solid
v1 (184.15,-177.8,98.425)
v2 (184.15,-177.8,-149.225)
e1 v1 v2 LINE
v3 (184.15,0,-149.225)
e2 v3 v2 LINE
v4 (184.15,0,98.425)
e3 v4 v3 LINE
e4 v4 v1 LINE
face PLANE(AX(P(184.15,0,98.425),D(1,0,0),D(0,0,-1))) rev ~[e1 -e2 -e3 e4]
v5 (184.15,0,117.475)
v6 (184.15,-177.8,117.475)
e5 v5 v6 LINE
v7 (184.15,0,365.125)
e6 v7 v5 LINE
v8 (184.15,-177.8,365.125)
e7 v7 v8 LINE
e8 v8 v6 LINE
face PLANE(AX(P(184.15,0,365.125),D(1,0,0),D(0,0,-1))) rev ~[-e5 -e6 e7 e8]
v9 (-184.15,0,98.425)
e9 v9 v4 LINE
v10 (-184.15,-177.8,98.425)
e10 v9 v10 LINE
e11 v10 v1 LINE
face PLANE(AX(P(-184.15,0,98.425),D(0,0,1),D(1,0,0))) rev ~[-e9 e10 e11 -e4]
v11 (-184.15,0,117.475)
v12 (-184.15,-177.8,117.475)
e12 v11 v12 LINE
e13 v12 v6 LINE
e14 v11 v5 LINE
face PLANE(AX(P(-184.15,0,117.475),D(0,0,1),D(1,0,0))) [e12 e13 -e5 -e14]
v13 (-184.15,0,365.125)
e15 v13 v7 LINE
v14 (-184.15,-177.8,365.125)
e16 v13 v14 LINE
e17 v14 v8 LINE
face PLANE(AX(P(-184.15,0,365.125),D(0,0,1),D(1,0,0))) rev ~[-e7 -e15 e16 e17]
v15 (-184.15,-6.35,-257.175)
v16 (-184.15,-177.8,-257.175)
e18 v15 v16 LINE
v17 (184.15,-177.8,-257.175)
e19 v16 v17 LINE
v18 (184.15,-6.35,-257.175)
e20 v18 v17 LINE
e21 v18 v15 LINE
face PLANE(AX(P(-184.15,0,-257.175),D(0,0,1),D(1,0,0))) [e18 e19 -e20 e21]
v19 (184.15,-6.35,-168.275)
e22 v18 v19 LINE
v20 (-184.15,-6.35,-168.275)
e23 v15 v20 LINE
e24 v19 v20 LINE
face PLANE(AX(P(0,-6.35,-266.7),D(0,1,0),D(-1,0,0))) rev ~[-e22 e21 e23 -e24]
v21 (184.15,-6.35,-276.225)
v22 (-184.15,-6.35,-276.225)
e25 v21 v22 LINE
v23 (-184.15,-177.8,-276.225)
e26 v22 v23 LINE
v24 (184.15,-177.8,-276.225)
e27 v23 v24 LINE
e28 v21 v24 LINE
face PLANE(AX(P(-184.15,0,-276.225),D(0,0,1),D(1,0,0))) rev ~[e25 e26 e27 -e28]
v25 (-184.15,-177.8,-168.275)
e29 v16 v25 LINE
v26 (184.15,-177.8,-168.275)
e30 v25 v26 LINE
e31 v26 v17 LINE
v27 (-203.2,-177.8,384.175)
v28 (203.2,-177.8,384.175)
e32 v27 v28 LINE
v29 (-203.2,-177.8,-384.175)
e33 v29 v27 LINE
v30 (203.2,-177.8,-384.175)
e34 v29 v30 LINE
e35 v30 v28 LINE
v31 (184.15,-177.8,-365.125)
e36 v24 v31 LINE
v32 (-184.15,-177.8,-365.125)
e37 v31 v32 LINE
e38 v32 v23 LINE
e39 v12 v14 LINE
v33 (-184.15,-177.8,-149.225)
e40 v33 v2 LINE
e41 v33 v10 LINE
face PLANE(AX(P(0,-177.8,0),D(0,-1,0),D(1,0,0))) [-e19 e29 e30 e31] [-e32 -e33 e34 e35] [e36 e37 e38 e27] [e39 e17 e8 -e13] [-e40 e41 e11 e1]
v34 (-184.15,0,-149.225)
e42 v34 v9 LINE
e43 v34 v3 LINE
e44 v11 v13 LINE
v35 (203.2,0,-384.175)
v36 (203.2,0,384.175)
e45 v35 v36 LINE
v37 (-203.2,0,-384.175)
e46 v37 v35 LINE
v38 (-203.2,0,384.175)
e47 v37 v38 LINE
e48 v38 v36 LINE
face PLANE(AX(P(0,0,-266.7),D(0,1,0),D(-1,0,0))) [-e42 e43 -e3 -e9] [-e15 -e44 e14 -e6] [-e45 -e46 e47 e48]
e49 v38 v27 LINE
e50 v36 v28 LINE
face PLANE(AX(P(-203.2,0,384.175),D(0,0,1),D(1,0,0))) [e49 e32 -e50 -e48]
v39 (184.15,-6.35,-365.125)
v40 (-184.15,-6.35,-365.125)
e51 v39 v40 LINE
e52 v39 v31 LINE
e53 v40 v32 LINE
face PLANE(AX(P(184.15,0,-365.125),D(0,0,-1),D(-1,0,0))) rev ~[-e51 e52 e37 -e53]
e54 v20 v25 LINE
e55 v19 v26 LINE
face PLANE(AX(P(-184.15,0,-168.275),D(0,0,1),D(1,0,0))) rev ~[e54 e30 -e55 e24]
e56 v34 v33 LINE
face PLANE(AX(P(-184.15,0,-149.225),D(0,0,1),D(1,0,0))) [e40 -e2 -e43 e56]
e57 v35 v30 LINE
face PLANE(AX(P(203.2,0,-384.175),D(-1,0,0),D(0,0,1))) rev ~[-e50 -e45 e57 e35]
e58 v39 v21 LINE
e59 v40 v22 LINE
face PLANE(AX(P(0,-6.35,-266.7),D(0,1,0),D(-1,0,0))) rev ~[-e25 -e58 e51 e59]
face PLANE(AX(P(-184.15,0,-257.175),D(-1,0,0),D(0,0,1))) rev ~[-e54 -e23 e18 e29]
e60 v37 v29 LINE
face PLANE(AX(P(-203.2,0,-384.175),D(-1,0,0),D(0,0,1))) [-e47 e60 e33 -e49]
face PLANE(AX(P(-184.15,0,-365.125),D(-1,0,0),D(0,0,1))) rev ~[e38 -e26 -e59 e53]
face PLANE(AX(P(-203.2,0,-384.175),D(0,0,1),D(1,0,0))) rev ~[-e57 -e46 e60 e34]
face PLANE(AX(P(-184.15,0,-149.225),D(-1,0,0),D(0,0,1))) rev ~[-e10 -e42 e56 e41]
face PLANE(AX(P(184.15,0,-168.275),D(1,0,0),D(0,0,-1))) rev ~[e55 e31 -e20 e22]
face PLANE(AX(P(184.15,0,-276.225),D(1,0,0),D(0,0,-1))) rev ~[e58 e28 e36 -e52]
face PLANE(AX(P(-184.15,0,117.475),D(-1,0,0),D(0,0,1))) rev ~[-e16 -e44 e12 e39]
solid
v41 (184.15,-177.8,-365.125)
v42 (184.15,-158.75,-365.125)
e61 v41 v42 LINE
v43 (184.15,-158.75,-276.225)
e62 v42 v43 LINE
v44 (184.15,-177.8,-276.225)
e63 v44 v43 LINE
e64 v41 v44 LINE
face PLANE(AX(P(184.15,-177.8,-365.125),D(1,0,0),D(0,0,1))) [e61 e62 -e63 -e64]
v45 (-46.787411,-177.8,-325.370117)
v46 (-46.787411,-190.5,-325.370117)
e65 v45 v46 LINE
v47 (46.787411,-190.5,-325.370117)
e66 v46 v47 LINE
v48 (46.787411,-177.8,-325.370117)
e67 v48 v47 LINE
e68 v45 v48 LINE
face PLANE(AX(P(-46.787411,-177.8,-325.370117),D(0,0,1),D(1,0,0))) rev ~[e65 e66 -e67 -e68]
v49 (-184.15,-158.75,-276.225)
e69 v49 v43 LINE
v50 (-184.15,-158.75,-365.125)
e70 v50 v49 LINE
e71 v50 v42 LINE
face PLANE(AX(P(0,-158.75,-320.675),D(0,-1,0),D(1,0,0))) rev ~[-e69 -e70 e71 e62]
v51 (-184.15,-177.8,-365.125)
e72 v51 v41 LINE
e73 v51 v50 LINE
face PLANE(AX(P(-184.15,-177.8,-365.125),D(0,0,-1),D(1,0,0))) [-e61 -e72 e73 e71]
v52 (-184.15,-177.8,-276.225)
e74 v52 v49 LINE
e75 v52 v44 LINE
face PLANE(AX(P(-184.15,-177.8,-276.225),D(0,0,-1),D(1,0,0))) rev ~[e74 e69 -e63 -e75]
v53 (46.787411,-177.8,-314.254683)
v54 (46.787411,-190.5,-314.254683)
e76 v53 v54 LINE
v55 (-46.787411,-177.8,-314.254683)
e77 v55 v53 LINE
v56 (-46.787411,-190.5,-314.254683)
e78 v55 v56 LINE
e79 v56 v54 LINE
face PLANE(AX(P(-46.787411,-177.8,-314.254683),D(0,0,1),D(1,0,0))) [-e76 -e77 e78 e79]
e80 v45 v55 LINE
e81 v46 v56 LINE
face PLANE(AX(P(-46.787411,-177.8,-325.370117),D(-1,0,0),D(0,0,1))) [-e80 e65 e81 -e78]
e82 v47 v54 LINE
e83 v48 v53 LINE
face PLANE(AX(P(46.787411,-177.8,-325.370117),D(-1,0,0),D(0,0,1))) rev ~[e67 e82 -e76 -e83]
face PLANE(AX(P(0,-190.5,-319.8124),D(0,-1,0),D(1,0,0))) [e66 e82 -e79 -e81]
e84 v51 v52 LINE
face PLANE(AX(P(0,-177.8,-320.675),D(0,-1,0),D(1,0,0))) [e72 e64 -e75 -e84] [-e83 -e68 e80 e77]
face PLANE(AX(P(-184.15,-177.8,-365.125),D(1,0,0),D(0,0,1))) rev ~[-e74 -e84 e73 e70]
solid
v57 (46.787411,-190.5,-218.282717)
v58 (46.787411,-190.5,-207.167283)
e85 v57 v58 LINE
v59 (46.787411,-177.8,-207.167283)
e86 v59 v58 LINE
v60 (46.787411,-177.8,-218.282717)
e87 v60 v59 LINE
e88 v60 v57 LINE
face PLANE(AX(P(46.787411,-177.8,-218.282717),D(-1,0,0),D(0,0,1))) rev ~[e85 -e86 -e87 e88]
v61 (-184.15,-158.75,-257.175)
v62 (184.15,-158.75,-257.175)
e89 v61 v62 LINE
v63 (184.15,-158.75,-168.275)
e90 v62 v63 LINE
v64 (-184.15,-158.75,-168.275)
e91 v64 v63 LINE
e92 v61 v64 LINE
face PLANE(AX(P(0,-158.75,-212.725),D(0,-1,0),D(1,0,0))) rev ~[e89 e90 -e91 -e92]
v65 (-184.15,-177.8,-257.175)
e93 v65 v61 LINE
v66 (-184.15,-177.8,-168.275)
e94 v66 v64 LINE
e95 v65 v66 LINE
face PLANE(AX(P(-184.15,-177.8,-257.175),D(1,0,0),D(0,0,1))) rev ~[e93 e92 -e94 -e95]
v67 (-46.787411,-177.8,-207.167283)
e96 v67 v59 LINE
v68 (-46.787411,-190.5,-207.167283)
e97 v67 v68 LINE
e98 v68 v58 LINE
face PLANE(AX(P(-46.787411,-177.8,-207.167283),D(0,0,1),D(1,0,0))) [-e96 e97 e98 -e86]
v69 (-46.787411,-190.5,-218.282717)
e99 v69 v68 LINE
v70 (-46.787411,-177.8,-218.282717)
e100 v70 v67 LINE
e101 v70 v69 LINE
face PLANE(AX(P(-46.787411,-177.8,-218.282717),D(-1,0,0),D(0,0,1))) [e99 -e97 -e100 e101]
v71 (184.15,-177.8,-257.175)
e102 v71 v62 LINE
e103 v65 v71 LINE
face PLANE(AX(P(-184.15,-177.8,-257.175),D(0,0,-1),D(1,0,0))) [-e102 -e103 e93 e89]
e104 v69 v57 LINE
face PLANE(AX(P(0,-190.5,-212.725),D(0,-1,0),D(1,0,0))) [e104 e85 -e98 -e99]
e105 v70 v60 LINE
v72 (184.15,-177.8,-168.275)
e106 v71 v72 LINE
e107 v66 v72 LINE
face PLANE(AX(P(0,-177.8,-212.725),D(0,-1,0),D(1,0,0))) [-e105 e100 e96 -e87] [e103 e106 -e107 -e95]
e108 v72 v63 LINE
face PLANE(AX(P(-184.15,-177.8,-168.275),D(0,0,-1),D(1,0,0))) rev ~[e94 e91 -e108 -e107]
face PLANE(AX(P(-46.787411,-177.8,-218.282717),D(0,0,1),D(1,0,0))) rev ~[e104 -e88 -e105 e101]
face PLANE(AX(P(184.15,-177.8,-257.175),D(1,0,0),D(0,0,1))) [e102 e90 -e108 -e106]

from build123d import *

# Parameters (mm, degrees)
F0_W     = 406.4
F0_H     = 768.35
F0_W_2   = 368.3
F0_H_2   = 19.05
F1_DEPTH = 177.8
F2_W     = 368.3
F2_H     = 88.9
F3_DEPTH = 19.05
F4_W     = 93.574822
F4_H     = 11.115434
F4_H_2   = 11.115435
F5_DEPTH = 12.7
F6_W     = 368.3
F6_H     = 196.85
F7_DEPTH = 6.35


with BuildPart() as f1:
    # F0 (on Front) → F1 (new body)
    with BuildSketch(Plane.XZ):
        Rectangle(F0_W, F0_H)
        Polygon((-184.15, 117.475), (-184.15, 365.125), (184.15, 365.125), (184.15, 117.475), (184.15, 98.425), (184.15, -149.225), (184.15, -168.275), (184.15, -257.175), (184.15, -276.225), (184.15, -365.125), (-184.15, -365.125), (-184.15, -276.225), (-184.15, -257.175), (-184.15, -168.275), (-184.15, -149.225), (-184.15, 98.425), align=None, mode=Mode.SUBTRACT)
        with Locations((0, 107.95)):
            Rectangle(F0_W_2, F0_H_2)
        with Locations((0, -158.75)):
            Rectangle(F0_W_2, F0_H_2)
        with Locations((0, -266.7)):
            Rectangle(F0_W_2, F0_H_2)
    extrude(amount=F1_DEPTH)

    # F6 (on face) → F7 (join)
    with BuildSketch(Plane(origin=(0, 0, 0), x_dir=(-1, 0, 0), z_dir=(0, 1, 0))):
        with Locations((0, -266.7)):
            Rectangle(F6_W, F6_H)
    extrude(amount=-F7_DEPTH)


with BuildPart() as f3:
    # F2 (on face) → F3 (new body)
    with BuildSketch(Plane.XZ.offset(177.8)):
        with Locations((0, -212.725)):
            Rectangle(F2_W, F2_H)
        with Locations((0, -320.675)):
            Rectangle(F2_W, F2_H)
    extrude(amount=-F3_DEPTH)

    # F4 (on face) → F5 (join)
    with BuildSketch(Plane.XZ.offset(177.8)):
        with Locations((0, -212.725)):
            Rectangle(F4_W, F4_H)
        with Locations((0, -319.8124)):
            Rectangle(F4_W, F4_H_2)
    extrude(amount=F5_DEPTH)


solid = Compound([f1.part, f3.part])
